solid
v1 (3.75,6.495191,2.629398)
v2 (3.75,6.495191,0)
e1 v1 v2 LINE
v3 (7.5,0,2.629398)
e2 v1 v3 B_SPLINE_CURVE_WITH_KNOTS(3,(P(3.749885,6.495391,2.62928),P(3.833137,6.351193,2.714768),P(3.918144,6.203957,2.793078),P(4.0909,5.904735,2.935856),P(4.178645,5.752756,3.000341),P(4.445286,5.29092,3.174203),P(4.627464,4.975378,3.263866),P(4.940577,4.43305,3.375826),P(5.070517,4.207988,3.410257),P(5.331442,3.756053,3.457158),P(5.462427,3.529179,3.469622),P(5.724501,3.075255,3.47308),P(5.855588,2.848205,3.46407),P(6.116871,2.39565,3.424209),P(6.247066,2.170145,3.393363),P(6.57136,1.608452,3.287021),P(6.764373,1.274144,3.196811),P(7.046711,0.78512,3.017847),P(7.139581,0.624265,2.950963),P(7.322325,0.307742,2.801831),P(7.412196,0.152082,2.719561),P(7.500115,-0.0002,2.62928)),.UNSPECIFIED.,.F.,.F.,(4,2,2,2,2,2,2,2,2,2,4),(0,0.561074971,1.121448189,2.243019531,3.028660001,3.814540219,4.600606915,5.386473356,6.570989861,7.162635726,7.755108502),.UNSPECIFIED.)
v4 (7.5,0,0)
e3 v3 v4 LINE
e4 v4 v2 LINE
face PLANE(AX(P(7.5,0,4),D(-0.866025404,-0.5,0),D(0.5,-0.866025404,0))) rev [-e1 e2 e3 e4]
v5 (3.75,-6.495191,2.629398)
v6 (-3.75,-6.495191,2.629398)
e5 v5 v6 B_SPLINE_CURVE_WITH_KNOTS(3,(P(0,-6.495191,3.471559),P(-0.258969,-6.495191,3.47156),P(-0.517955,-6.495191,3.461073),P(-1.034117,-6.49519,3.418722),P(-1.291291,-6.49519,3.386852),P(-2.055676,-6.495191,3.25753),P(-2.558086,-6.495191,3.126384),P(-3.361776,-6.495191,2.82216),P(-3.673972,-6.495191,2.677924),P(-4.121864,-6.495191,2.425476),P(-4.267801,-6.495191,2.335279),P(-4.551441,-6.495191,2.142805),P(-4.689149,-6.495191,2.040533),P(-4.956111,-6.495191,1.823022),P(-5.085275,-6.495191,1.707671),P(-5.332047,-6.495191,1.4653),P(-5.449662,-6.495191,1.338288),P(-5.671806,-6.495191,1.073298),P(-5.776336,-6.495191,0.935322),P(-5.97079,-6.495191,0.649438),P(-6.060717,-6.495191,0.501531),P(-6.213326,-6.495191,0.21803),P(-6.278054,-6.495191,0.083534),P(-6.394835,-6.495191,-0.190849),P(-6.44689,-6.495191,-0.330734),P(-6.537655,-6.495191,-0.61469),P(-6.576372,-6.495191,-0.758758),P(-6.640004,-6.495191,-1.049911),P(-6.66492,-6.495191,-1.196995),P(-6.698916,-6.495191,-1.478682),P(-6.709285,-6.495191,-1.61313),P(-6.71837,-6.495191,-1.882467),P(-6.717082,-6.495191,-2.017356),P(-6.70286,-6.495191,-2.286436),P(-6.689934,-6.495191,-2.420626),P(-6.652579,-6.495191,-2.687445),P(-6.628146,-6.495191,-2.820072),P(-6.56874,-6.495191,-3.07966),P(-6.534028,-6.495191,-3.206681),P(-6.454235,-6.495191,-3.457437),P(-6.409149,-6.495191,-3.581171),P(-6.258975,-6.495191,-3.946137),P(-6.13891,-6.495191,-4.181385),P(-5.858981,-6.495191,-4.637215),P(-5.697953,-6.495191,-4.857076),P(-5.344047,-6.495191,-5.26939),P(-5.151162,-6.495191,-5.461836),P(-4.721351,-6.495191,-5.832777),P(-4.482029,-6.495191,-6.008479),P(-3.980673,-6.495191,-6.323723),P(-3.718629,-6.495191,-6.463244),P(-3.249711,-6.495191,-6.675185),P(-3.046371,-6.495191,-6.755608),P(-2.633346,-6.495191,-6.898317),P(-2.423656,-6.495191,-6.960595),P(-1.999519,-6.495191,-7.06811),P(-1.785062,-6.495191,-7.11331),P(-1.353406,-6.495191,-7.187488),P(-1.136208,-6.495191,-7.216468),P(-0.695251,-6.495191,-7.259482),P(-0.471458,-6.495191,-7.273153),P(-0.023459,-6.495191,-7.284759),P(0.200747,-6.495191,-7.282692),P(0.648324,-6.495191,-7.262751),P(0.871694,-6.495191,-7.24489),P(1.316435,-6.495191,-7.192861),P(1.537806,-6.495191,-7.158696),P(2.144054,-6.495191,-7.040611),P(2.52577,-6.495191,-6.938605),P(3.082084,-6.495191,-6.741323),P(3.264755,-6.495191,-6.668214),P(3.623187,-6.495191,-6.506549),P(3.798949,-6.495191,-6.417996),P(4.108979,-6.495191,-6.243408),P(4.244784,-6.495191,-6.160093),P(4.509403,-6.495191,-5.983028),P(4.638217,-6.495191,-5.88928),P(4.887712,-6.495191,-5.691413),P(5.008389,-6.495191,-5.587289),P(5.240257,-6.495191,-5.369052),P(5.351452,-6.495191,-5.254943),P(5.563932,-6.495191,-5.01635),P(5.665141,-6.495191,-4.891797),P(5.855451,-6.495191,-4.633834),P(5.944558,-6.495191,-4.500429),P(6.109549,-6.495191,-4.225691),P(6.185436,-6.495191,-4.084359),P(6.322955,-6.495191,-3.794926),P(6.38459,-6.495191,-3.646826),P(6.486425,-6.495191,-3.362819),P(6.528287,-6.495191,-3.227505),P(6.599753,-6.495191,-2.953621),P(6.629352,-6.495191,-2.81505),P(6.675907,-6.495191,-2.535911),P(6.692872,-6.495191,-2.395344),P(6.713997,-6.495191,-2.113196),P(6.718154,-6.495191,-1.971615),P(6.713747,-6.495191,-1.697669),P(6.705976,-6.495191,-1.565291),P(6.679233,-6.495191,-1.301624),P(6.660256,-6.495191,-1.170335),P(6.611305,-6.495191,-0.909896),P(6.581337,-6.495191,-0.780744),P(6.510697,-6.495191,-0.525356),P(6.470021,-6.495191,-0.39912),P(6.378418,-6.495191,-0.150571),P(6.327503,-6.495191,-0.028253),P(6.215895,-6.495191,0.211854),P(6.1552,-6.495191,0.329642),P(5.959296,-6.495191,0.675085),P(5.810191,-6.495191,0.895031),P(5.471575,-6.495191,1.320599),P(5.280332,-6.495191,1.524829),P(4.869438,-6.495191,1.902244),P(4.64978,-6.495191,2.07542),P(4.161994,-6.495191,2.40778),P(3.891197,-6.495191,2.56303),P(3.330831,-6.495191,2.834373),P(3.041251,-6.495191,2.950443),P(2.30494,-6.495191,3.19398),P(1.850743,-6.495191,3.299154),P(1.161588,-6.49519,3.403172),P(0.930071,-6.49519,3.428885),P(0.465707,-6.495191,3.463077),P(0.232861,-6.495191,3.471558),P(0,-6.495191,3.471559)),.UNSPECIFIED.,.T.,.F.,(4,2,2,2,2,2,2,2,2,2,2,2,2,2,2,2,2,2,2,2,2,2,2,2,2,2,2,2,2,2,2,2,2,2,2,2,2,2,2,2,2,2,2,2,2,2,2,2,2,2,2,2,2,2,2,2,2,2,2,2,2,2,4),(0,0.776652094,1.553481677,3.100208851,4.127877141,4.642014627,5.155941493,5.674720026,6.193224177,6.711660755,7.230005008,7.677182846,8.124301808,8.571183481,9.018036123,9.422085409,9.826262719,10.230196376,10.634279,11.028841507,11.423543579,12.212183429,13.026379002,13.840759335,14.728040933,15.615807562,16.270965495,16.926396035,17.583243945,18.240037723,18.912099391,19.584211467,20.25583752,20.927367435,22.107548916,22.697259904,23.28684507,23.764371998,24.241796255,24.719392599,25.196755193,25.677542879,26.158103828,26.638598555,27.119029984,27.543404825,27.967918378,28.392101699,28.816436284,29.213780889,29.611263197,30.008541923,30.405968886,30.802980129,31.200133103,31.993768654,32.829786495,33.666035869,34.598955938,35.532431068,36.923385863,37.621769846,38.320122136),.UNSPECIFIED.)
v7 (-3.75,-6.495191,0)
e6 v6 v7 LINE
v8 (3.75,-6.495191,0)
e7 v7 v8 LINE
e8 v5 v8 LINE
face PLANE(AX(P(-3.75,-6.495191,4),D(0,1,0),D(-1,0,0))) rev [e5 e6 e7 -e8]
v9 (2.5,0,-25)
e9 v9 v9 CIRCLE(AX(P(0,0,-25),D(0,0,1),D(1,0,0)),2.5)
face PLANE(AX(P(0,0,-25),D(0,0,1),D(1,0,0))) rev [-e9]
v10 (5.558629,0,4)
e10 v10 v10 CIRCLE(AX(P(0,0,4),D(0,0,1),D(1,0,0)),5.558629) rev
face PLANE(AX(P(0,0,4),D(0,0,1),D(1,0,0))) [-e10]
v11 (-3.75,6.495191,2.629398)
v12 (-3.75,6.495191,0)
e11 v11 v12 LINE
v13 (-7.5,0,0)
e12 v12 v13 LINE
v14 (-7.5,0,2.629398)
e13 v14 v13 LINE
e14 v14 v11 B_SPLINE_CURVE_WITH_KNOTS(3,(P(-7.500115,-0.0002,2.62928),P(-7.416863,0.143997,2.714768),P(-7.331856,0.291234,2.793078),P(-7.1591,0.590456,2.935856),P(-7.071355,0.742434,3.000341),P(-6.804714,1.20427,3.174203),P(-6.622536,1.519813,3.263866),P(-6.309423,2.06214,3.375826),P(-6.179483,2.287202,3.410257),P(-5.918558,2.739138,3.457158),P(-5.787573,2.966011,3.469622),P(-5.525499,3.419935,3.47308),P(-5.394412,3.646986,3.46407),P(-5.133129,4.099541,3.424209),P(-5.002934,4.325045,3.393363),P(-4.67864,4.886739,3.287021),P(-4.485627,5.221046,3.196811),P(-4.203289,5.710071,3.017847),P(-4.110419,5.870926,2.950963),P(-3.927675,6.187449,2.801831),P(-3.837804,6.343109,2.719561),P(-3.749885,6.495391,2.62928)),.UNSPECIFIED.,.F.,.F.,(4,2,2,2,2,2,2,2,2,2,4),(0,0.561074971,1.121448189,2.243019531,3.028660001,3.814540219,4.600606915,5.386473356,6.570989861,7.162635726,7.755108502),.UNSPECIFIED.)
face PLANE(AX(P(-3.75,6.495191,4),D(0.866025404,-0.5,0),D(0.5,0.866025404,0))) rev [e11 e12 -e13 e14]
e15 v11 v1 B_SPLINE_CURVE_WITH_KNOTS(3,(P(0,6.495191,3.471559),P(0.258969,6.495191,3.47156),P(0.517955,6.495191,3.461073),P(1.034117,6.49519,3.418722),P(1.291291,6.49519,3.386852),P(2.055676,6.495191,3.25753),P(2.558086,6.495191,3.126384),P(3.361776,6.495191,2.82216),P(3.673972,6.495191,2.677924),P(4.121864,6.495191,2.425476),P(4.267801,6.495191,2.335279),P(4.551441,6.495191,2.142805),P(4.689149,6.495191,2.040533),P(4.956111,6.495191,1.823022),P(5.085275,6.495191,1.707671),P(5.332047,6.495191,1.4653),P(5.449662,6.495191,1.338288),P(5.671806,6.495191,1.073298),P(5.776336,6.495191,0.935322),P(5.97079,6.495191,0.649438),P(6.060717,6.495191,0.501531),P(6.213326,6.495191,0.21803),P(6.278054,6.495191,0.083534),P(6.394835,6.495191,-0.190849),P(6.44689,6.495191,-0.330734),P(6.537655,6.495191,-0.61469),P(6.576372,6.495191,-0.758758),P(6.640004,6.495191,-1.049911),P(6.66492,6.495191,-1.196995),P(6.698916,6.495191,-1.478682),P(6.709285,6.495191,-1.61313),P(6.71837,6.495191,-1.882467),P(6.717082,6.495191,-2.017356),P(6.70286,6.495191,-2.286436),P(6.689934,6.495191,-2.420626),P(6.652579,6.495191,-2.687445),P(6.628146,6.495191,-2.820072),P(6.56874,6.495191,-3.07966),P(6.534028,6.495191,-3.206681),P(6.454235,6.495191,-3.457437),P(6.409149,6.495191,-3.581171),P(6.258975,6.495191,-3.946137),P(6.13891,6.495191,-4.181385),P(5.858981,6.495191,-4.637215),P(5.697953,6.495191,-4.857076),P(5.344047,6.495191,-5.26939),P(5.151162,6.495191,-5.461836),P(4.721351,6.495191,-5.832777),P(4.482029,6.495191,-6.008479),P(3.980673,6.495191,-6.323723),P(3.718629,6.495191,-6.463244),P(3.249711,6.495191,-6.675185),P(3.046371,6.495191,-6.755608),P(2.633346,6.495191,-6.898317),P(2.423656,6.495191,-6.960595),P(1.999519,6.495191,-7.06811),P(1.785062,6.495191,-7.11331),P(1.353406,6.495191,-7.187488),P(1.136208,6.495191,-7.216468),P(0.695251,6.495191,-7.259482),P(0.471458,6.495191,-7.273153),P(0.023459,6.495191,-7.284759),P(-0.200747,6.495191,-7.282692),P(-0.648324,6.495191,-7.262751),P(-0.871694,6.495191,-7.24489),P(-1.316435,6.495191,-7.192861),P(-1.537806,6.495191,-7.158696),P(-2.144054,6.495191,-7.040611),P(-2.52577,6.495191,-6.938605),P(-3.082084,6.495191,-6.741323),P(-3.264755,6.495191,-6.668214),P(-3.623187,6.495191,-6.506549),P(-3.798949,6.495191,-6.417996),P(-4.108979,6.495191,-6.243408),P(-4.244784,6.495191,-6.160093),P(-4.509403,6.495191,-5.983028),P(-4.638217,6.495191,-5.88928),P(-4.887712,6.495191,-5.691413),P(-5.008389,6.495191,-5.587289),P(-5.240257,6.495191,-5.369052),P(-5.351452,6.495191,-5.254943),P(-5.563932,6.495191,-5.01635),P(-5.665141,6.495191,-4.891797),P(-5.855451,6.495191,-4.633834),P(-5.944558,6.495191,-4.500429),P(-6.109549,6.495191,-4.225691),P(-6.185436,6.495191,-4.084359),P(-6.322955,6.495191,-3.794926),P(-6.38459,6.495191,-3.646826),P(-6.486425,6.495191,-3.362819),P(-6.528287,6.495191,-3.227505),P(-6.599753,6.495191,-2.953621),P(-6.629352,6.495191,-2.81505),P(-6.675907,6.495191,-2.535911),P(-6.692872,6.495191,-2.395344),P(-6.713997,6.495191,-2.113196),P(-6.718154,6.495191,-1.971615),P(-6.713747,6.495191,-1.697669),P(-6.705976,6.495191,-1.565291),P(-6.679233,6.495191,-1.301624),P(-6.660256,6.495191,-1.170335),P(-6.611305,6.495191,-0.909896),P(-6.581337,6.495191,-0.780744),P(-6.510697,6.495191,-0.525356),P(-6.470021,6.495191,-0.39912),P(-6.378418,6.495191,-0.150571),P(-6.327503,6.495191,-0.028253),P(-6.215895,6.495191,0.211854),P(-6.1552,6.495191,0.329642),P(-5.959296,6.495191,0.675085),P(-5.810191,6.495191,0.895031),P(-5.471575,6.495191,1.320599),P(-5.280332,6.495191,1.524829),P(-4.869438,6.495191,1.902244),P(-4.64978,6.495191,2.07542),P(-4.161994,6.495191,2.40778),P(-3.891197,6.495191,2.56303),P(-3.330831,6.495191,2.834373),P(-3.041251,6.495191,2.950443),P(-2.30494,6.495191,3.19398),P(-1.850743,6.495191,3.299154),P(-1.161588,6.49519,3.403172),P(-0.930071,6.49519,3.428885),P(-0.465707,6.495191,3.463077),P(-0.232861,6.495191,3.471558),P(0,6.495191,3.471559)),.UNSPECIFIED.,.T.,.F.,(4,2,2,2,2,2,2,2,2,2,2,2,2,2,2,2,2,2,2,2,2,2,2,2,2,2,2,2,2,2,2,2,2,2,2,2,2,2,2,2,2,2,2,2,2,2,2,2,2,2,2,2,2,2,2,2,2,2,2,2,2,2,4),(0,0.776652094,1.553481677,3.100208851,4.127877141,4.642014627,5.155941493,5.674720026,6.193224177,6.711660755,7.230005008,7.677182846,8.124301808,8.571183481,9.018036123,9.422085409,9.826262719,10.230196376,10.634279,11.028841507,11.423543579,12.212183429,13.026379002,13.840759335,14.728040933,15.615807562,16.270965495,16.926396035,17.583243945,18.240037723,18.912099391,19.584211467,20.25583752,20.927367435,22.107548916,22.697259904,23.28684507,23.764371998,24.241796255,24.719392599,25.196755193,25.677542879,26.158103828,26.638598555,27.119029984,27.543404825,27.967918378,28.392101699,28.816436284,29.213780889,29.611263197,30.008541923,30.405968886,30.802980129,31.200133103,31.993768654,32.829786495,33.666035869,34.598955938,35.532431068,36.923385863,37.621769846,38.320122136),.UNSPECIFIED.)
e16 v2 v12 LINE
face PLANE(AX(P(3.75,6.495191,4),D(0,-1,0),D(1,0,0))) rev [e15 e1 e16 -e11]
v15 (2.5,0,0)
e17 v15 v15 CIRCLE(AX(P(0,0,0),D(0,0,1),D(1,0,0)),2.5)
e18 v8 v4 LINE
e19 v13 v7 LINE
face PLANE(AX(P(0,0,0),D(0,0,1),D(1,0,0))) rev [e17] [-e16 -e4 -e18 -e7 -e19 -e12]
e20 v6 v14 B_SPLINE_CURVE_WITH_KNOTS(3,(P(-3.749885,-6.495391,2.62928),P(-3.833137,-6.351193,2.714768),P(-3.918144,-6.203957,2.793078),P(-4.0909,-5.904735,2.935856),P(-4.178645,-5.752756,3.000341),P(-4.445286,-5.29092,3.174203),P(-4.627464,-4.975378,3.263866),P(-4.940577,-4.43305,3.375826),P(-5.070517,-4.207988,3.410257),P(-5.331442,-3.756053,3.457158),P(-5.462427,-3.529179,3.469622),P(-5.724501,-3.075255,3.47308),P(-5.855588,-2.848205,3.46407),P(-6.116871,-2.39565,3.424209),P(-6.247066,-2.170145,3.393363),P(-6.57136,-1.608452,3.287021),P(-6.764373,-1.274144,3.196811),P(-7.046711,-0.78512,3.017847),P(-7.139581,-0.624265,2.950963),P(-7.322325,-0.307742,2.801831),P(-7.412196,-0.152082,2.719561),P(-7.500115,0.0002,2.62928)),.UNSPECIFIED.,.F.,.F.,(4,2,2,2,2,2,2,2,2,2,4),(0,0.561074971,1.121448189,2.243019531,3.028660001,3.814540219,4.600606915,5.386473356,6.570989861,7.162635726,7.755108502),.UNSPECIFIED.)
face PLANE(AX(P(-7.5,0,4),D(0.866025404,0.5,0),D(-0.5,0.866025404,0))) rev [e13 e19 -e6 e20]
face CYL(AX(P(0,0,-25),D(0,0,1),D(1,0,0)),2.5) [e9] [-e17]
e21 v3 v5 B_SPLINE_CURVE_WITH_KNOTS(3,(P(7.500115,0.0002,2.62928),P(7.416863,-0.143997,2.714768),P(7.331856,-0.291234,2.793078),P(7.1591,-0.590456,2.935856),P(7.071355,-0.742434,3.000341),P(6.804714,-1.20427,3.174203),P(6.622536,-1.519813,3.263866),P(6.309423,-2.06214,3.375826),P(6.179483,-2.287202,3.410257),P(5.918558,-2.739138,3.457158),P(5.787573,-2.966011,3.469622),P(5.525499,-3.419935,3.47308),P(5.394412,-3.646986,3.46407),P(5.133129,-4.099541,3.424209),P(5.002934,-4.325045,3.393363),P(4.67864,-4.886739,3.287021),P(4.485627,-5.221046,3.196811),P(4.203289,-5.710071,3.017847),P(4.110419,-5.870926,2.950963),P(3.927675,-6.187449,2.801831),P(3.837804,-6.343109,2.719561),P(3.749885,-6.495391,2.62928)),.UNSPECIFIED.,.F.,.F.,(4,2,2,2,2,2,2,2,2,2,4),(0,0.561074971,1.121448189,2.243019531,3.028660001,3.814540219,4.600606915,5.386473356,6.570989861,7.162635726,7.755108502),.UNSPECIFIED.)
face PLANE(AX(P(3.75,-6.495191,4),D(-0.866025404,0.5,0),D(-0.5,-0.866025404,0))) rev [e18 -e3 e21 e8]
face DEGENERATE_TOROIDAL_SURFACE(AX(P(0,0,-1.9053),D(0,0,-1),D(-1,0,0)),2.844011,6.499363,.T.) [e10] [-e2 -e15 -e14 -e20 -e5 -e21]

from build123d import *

# Parameters (mm, degrees)
BOSS_EXTRUDE1_DEPTH = 4
SKETCH2_R           = 2.5
BOSS_EXTRUDE2_DEPTH = 25


with BuildPart() as part:
    # Sketch1 → Boss-Extrude1 (new body)
    with BuildSketch(Plane.XY):
        Polygon((7.5, 0), (3.75, 6.495190528), (-3.75, 6.495190528), (-7.5, 0), (-3.75, -6.495190528), (3.75, -6.495190528), align=None)
    extrude(amount=BOSS_EXTRUDE1_DEPTH)

    # Sketch2 → Boss-Extrude2 (add)
    with BuildSketch(Plane.XY):
        Circle(SKETCH2_R)
    extrude(amount=-BOSS_EXTRUDE2_DEPTH)

    # Sketch4 → Cut-Revolve1 (revolve, cut)
    with BuildSketch(Plane(origin=(0, 0, 0), x_dir=(0, 0, -1), z_dir=(1, 0, 0)), mode=Mode.PRIVATE) as cut_revolve1_sk:
        with BuildLine():
            Line((-1.722639627, 8.236577674), (-4.518257709, 8.236577674))
            Line((-4.518257709, 8.236577674), (-4.518257709, 5.392544195))
            Line((-4.518257709, 5.392544195), (-4.073554398, 5.392544195))
            ThreePointArc((-4.073554398, 5.392544195), (-3.104166482, 6.984900617), (-1.722639627, 8.236577674))
        make_face()
    revolve(cut_revolve1_sk.sketch.rotate(Axis((0, 0, 0), (0, 0, 1)), 270), axis=Axis((0, 0, 0), (0, 0, 1)), mode=Mode.SUBTRACT)


solid = part.part
